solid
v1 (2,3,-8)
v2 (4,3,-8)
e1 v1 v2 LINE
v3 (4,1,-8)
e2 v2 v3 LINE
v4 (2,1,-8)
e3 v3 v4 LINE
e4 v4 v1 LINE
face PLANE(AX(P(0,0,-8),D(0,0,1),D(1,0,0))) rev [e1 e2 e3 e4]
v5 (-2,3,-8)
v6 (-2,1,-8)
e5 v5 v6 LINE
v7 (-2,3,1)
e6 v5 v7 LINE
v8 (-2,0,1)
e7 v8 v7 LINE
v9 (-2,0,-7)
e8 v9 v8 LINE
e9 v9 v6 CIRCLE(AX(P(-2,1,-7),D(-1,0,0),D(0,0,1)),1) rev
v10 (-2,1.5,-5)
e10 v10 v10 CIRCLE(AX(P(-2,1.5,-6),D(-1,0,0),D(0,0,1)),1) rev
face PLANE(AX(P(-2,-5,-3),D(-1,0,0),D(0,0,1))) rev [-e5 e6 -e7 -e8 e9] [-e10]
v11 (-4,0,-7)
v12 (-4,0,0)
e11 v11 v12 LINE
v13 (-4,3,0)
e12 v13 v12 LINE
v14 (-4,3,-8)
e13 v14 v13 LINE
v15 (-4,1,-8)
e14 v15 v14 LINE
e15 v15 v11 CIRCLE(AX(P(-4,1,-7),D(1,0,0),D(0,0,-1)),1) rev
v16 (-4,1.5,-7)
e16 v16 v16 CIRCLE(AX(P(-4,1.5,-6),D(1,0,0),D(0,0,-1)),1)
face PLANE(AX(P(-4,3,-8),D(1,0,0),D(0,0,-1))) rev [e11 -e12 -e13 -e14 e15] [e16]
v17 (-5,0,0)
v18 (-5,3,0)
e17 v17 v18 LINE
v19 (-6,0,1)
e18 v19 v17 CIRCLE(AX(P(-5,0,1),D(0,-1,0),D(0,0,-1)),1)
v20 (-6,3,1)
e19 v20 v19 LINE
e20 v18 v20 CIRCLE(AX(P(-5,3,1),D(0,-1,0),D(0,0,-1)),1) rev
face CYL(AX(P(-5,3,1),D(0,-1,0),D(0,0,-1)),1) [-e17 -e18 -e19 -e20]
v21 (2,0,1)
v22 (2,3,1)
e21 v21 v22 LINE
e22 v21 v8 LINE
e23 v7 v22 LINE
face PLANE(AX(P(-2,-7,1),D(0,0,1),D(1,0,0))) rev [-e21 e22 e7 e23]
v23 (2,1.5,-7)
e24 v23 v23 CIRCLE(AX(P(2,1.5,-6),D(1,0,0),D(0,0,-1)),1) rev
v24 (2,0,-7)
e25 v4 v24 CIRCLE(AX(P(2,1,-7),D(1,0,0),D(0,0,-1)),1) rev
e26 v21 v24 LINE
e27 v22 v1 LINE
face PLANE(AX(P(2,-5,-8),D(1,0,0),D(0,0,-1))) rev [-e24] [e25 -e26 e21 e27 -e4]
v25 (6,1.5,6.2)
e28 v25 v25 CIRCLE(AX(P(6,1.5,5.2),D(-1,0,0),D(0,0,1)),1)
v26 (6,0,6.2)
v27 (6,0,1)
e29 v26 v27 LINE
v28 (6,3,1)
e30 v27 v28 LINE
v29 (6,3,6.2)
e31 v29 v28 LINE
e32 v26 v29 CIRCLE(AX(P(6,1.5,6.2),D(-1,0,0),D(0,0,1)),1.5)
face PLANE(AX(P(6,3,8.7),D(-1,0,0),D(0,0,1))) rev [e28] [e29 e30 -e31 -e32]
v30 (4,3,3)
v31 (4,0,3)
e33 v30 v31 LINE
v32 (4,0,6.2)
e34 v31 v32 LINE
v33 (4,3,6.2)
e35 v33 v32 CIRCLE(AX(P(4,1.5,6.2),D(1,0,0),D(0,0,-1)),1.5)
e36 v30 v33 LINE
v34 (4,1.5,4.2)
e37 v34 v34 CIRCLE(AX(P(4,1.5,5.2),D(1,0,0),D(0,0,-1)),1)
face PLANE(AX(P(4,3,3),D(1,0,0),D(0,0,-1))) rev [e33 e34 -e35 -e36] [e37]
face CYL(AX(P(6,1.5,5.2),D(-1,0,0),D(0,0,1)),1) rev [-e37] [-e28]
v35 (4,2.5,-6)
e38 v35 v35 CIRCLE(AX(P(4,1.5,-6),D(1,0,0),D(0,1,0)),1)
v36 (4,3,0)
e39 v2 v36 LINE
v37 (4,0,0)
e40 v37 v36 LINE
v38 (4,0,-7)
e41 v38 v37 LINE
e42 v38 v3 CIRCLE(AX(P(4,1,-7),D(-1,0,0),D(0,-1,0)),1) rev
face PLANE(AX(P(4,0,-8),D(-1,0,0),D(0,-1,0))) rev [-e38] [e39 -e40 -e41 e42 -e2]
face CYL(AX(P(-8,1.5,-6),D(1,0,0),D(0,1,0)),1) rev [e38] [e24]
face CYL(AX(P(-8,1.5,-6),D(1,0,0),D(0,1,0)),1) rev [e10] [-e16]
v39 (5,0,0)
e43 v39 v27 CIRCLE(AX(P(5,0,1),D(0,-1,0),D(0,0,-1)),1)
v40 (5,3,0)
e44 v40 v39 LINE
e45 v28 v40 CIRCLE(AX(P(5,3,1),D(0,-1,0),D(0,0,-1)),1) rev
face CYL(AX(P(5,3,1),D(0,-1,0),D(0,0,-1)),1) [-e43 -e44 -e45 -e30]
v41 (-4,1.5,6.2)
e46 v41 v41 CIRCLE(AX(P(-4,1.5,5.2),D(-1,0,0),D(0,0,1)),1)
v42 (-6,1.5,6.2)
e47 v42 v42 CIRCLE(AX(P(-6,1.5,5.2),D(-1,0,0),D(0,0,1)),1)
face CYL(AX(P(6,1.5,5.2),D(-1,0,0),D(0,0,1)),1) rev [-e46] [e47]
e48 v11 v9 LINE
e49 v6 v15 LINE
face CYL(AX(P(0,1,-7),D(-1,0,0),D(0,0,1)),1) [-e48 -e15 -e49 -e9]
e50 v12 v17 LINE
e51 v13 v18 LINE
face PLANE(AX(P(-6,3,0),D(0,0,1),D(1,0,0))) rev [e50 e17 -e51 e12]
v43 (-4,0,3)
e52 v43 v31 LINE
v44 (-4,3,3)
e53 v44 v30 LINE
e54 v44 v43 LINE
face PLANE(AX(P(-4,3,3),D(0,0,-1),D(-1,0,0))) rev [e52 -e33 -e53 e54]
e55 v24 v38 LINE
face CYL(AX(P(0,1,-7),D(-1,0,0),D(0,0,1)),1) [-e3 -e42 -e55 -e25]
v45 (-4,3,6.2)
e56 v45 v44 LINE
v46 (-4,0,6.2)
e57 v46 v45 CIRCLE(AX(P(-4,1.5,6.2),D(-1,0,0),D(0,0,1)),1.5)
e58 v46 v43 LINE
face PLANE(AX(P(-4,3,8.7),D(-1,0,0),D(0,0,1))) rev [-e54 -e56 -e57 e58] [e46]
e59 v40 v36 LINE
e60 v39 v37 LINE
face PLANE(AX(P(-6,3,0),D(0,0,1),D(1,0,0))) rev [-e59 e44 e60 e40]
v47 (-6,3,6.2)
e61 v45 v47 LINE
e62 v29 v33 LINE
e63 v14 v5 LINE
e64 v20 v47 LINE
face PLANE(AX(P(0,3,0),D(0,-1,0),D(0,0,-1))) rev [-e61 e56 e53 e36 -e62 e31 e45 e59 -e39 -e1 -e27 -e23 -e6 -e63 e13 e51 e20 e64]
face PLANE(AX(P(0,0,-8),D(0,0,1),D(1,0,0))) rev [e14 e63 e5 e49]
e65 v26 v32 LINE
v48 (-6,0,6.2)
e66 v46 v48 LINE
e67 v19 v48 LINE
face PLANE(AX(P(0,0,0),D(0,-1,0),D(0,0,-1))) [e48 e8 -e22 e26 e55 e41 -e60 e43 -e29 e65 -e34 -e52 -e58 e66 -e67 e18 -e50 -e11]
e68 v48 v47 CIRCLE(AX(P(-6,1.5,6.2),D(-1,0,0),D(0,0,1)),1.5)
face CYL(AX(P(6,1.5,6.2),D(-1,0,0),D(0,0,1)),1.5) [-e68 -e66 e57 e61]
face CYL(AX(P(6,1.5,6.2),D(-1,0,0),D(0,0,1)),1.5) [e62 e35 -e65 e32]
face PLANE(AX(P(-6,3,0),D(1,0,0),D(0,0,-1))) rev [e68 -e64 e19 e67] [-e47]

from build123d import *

# Parameters (mm, degrees)
EXTRUDE_1_DEPTH     = 3
SKETCH_2_OUTSIDE_W  = 13.724
SKETCH_2_OUTSIDE_H  = 8.024
CUT_EXTRUDE_1_DEPTH = 12
SKETCH_3_R          = 1
CUT_EXTRUDE_2_DEPTH = 12
FILLET_1_R          = 1
SKETCH_4_R          = 0.95
EXTRUDE_2_DEPTH     = 2
SKETCH_5_W          = 8
SKETCH_5_H          = 3
EXTRUDE_3_DEPTH     = 6
SKETCH_6_R          = 1
CUT_EXTRUDE_3_DEPTH = 12
CUT_EXTRUDE_4_DEPTH = 8
FILLET_2_R          = 1
SKETCH_11_W         = 8
SKETCH_11_H         = 3
EXTRUDE_4_DEPTH     = 2
SKETCH_12_W         = 4
SKETCH_12_H         = 4
CUT_EXTRUDE_5_DEPTH = 10


with BuildPart() as part:
    # 草图1 → 凸台-拉伸1 (new body)
    with BuildSketch(Plane(origin=(0, 0, 0), x_dir=(1, 0, 0), z_dir=(0, 1, 0))):
        Polygon((-6, 0), (6, 0), (6, -8.7), (4, -8.7), (4, -3), (-4, -3), (-4, -8.7), (-6, -8.7), align=None)
    extrude(amount=EXTRUDE_1_DEPTH)

    # 草图2 outside → 切除-拉伸1 (cut)
    with BuildSketch(Plane.ZY.offset(6)):
        with Locations((4.35, 1.5)):
            Rectangle(SKETCH_2_OUTSIDE_W, SKETCH_2_OUTSIDE_H)
        with BuildLine():
            Line((6.2, 3), (0, 3))
            Line((0, 3), (0, 0))
            Line((0, 0), (6.2, 0))
            ThreePointArc((6.2, 0), (7.7, 1.5), (6.2, 3))
        make_face(mode=Mode.SUBTRACT)
    extrude(amount=-CUT_EXTRUDE_1_DEPTH, mode=Mode.SUBTRACT)

    # 草图3 → 切除-拉伸2 (cut)
    with BuildSketch(Plane.ZY.offset(6)):
        with Locations((5.2, 1.5)):
            Circle(SKETCH_3_R)
    extrude(amount=-CUT_EXTRUDE_2_DEPTH, mode=Mode.SUBTRACT)

    # 圆角1
    fillet_1_edges = [part.edges().sort_by_distance(p)[0] for p in [
        (-6, 1.5, 0),
        (6, 1.5, 0),
    ]]
    fillet(fillet_1_edges, radius=FILLET_1_R)

    # 草图4 → 凸台-拉伸2 (add)
    with BuildSketch(Plane(origin=(0, 0, 0), x_dir=(-1, 0, 0), z_dir=(0, 0, -1))):
        with Locations(Location((0, 1.5, 0), (0, 0, 180))):
            Circle(SKETCH_4_R)
    extrude(amount=EXTRUDE_2_DEPTH)

    # 草图5 → 凸台-拉伸3 (add)
    with BuildSketch(Plane(origin=(0, 0, -2), x_dir=(-1, 0, 0), z_dir=(0, 0, -1))):
        with Locations((0, 1.5)):
            Rectangle(SKETCH_5_W, SKETCH_5_H)
    extrude(amount=EXTRUDE_3_DEPTH)

    # 草图6 → 切除-拉伸3 (cut)
    with BuildSketch(Plane(origin=(4, 0, 0), x_dir=(0, 0, -1), z_dir=(1, 0, 0))):
        with Locations(Location((6, 1.5, 0), (0, 0, 90))):
            Circle(SKETCH_6_R)
    extrude(amount=-CUT_EXTRUDE_3_DEPTH, mode=Mode.SUBTRACT)

    # 草图8 → 切除-拉伸4 (cut)
    with BuildSketch(Plane(origin=(0, 3, 0), x_dir=(1, 0, 0), z_dir=(0, 1, 0))):
        Polygon((-2, 10), (2, 8), (2, 3), (-2, 3), align=None)
    extrude(amount=-CUT_EXTRUDE_4_DEPTH, mode=Mode.SUBTRACT)

    # 圆角2
    fillet_2_edges = [part.edges().sort_by_distance(p)[0] for p in [
        (-3, 0, -8),
        (3, 0, -8),
    ]]
    fillet(fillet_2_edges, radius=FILLET_2_R)

    # 草图11 → 凸台-拉伸4 (add)
    with BuildSketch(Plane.XY.offset(-2)):
        with Locations((0, 1.5)):
            Rectangle(SKETCH_11_W, SKETCH_11_H)
    extrude(amount=EXTRUDE_4_DEPTH)

    # 草图12 → 切除-拉伸5 (cut)
    with BuildSketch(Plane(origin=(0, 3, 0), x_dir=(1, 0, 0), z_dir=(0, 1, 0))):
        with Locations((0, 1)):
            Rectangle(SKETCH_12_W, SKETCH_12_H)
    extrude(amount=-CUT_EXTRUDE_5_DEPTH, mode=Mode.SUBTRACT)


solid = part.part
